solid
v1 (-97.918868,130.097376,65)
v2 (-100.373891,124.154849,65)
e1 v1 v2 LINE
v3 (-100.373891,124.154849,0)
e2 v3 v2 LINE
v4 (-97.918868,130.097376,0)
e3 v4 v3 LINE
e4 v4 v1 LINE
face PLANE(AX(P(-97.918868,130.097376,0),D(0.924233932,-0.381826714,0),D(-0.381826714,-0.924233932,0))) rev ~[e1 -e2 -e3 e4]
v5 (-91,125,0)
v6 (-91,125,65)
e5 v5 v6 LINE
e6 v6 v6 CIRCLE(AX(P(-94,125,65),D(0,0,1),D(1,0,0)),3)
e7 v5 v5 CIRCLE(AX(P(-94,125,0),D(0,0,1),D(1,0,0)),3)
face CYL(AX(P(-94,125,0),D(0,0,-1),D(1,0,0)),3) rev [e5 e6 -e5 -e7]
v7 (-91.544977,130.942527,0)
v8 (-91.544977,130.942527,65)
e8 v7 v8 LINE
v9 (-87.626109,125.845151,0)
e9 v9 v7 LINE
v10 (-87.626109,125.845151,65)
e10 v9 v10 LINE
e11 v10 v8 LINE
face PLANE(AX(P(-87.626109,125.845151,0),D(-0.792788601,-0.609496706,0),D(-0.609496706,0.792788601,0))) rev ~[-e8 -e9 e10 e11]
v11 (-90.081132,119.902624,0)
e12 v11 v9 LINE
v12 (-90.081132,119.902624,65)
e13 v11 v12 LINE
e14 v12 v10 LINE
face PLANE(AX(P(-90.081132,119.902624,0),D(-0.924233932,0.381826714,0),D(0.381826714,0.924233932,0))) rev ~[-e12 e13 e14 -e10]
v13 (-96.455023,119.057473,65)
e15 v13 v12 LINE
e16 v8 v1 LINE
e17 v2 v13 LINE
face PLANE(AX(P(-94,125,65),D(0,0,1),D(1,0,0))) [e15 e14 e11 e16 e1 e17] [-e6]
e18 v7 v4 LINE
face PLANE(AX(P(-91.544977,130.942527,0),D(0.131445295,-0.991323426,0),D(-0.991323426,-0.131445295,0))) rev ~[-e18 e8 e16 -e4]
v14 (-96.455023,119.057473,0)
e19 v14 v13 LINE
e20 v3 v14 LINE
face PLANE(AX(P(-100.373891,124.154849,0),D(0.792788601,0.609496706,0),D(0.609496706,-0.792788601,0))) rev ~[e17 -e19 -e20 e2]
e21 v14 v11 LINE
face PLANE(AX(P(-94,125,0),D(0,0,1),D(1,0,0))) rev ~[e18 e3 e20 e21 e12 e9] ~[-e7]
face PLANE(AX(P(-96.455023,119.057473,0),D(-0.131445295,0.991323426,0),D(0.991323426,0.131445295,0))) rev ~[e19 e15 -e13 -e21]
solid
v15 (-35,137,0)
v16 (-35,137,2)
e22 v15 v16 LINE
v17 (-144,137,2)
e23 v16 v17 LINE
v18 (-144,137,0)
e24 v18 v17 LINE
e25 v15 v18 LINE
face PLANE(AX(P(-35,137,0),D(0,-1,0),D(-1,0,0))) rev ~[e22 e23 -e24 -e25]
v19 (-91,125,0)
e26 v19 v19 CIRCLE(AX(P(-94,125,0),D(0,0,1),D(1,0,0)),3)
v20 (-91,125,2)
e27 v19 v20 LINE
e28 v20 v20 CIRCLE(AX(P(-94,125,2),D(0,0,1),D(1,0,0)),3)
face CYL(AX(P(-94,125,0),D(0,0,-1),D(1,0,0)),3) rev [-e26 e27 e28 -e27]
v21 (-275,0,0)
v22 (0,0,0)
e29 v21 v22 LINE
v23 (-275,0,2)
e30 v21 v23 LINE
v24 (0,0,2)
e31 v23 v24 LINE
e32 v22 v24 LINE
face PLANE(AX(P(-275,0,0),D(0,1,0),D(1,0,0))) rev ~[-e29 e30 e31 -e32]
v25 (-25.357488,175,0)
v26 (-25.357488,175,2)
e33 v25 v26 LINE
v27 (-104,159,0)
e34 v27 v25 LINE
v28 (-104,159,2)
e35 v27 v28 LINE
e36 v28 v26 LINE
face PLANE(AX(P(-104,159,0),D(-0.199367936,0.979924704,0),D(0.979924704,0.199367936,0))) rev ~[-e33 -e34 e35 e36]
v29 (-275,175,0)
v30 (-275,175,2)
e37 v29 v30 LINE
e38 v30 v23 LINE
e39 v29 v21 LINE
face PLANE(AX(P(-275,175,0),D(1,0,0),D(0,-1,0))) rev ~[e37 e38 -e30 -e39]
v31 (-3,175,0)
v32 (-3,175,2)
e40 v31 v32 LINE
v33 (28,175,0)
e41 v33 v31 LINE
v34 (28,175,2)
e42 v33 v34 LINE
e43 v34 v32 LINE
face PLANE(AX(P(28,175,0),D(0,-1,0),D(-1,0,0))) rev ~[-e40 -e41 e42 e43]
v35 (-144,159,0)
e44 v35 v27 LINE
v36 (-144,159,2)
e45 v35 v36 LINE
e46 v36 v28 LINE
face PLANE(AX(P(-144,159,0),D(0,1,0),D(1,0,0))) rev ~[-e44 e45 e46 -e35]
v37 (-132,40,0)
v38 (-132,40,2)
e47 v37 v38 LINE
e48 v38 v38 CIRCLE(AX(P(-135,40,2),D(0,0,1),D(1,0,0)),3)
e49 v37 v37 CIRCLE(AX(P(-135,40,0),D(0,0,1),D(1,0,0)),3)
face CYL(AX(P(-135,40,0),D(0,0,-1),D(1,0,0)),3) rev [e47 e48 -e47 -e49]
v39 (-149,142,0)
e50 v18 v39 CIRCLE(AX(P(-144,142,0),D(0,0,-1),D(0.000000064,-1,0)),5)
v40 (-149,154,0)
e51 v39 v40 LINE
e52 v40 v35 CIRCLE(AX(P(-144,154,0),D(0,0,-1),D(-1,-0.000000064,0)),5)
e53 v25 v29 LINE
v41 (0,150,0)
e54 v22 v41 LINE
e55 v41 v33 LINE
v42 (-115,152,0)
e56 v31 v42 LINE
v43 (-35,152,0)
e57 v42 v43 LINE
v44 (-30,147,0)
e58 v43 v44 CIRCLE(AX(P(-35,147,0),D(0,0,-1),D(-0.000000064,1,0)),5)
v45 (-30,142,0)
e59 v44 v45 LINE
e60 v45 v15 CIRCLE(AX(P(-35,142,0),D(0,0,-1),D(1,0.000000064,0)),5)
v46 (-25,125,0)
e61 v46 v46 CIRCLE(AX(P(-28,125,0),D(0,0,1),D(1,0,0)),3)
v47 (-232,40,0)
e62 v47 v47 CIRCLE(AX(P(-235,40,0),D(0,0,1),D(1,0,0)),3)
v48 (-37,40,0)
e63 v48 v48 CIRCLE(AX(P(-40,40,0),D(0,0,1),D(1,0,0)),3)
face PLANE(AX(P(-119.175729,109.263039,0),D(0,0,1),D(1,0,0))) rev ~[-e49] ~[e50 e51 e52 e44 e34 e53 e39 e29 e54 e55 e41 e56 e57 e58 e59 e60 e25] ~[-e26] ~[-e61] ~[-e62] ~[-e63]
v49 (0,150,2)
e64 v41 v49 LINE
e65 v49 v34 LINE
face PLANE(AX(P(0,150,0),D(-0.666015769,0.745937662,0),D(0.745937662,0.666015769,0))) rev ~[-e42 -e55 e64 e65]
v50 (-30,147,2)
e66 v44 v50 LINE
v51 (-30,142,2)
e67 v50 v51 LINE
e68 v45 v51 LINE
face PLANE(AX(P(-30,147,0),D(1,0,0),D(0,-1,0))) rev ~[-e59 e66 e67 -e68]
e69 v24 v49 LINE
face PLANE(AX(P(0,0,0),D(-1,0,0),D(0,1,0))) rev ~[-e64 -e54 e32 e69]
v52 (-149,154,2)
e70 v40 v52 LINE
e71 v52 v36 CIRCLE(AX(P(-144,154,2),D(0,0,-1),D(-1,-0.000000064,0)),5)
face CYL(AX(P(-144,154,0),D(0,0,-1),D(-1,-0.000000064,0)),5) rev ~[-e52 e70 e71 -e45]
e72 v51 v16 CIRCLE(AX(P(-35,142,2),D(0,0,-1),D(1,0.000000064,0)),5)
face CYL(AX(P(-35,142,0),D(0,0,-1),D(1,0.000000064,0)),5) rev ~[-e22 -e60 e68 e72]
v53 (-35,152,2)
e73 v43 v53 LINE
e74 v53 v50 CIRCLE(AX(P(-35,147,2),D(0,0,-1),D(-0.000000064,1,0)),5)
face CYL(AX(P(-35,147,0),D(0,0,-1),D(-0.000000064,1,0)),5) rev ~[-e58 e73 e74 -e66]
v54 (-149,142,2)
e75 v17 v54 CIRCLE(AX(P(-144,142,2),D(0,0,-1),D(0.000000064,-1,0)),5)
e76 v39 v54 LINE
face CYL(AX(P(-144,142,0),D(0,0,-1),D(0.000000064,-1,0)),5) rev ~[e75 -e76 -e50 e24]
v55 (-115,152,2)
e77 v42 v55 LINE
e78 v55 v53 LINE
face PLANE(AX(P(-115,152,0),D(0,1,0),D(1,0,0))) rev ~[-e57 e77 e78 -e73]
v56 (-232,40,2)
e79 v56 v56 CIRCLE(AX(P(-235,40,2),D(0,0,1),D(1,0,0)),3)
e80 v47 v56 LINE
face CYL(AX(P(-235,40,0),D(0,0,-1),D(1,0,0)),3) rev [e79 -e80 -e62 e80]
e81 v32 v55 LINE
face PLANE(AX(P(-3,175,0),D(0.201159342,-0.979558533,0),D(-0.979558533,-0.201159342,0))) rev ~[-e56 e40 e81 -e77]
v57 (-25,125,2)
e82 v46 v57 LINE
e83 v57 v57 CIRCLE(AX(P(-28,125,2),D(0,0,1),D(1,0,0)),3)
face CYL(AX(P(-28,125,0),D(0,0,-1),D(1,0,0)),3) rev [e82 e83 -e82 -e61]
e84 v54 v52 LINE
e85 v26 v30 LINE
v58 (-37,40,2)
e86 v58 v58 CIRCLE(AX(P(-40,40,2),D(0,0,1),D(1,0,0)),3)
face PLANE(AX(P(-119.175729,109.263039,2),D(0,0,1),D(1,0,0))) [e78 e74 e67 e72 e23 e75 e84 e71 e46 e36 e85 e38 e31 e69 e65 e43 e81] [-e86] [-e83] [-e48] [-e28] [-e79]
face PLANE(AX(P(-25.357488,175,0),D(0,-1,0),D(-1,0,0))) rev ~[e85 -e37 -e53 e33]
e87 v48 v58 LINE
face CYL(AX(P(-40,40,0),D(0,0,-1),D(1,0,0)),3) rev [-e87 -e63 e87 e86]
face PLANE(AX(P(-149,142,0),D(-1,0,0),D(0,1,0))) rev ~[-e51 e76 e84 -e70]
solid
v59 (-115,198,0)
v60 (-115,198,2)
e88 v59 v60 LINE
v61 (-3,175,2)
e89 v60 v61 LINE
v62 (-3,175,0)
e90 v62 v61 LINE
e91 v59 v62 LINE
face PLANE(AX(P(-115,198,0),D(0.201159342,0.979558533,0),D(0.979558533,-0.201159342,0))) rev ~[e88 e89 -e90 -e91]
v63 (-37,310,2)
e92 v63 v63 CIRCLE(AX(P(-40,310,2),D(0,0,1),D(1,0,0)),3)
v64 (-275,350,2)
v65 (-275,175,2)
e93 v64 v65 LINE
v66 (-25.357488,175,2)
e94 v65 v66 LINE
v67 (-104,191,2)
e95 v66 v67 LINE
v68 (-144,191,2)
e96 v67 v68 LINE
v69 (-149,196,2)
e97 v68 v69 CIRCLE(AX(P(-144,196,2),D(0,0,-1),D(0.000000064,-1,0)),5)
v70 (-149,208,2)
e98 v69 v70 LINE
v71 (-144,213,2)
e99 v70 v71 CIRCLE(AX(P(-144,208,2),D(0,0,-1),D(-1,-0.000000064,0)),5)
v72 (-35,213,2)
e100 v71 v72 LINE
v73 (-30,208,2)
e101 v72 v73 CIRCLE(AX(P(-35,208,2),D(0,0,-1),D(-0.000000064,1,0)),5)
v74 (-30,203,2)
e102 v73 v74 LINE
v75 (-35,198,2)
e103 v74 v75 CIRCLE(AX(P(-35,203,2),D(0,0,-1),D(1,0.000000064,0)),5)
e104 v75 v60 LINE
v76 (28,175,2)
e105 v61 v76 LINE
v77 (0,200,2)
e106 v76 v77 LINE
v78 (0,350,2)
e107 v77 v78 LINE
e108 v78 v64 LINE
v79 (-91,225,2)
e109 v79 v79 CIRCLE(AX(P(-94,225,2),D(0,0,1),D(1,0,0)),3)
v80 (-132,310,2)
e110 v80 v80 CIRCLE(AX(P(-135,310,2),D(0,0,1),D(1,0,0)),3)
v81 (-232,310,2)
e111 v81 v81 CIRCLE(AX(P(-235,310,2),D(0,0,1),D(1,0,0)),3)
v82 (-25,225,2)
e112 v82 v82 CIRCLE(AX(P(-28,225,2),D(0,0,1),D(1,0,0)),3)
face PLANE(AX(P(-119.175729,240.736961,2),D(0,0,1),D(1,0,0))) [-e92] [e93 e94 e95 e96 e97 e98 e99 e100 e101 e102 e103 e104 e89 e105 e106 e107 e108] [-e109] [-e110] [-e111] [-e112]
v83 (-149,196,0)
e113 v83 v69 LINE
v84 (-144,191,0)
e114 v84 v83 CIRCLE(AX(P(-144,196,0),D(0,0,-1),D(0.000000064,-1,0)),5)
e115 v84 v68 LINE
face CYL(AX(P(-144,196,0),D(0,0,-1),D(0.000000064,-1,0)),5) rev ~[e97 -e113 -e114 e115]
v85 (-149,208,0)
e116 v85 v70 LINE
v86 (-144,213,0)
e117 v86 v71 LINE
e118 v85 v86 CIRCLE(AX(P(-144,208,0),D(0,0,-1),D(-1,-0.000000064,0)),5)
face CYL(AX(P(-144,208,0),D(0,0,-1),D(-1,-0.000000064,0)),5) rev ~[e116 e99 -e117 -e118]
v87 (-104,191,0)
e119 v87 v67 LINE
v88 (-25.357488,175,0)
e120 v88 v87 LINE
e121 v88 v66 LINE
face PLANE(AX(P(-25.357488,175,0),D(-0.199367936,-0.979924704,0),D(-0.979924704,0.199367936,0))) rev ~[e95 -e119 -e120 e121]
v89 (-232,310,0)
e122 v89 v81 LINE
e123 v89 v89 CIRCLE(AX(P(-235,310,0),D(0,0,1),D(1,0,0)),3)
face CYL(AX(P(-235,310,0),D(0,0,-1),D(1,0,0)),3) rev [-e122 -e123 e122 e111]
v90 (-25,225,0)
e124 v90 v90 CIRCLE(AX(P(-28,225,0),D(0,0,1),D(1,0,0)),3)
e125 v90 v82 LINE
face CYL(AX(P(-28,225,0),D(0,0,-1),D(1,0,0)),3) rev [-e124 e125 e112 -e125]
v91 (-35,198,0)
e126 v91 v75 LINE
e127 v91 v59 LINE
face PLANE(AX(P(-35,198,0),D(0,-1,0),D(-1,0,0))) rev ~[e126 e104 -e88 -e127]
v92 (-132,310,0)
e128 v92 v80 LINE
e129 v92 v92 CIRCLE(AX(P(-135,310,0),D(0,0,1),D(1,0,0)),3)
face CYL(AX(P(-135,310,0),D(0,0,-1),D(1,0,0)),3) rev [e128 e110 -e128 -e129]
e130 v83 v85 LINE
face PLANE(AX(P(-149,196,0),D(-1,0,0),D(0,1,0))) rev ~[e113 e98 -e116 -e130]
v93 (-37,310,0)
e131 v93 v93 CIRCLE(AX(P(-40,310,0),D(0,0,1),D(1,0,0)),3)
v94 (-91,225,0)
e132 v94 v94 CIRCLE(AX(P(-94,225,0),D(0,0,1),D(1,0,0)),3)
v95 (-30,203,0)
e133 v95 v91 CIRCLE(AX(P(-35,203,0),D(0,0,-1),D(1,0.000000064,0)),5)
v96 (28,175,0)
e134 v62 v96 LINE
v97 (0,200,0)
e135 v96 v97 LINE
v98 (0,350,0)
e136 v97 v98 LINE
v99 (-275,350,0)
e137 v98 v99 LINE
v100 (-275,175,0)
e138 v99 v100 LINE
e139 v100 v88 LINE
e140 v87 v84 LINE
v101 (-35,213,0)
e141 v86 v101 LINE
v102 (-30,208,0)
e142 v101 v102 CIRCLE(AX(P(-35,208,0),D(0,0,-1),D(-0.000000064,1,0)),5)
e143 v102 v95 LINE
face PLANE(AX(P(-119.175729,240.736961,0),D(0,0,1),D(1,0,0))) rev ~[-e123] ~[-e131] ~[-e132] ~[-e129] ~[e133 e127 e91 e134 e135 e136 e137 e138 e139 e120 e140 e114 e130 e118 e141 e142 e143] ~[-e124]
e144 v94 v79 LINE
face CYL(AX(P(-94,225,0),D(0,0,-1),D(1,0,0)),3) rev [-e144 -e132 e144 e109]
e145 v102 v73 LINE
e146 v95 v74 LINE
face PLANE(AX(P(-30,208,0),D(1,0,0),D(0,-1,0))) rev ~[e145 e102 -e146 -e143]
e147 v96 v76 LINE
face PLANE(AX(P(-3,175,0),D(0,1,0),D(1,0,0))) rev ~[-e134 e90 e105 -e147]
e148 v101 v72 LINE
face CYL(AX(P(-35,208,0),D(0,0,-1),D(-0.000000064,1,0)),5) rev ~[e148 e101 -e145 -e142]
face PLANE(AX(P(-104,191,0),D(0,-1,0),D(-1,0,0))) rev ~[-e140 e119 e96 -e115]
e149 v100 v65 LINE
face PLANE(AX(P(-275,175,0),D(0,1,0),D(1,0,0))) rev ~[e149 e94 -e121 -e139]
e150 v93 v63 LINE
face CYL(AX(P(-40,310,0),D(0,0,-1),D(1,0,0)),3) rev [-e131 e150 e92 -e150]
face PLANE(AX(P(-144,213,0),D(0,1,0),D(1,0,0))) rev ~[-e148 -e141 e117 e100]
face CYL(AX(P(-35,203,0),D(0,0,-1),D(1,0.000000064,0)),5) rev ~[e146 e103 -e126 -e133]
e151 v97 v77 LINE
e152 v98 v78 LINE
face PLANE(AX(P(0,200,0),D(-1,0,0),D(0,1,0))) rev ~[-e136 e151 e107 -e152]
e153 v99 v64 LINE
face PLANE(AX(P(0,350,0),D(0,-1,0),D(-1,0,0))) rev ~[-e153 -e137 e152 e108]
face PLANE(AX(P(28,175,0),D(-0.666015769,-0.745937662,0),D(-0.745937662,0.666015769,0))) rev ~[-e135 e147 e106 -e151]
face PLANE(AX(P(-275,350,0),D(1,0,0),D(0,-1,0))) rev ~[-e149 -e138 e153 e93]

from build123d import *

# Parameters (mm, degrees)
F0_R     = 3
F1_DEPTH = 2
F2_DEPTH = 2
F3_DEPTH = 65


with BuildPart() as f1:
    # F0 (on Top) → F1 (new body)
    with BuildSketch(Plane.XY):
        with BuildLine():
            Line((-275, 0), (0, 0))
            Line((0, 0), (0, 150))
            Line((0, 150), (0, 173))
            Line((0, 173), (0, 175))
            Line((0, 175), (-3, 175))
            Line((-3, 175), (-115, 152))
            Line((-115, 152), (-35, 152))
            ThreePointArc((-35, 152), (-31.464466, 150.535534), (-30, 147))
            Line((-30, 147), (-30, 142))
            ThreePointArc((-30, 142), (-31.464466, 138.464466), (-35, 137))
            Line((-35, 137), (-144, 137))
            ThreePointArc((-144, 137), (-147.535534, 138.464466), (-149, 142))
            Line((-149, 142), (-149, 154))
            ThreePointArc((-149, 154), (-147.535534, 157.535534), (-144, 159))
            Line((-144, 159), (-104, 159))
            Line((-104, 159), (-25.357488, 175))
            Line((-25.357488, 175), (-275, 175))
            Line((-275, 175), (-275, 0))
        make_face()
        with Locations((-235, 40)):
            Circle(F0_R, mode=Mode.SUBTRACT)
        with Locations((-135, 40)):
            Circle(F0_R, mode=Mode.SUBTRACT)
        with Locations((-40, 40)):
            Circle(F0_R, mode=Mode.SUBTRACT)
        Polygon((-97.918868, 130.097376), (-91.544977, 130.942527), (-87.626109, 125.845151), (-90.081132, 119.902624), (-96.455023, 119.057473), (-100.373891, 124.154849), align=None, mode=Mode.SUBTRACT)
        with Locations((-28, 125)):
            Circle(F0_R, mode=Mode.SUBTRACT)
        Polygon((0, 173), (0, 150), (28, 175), (0, 175), align=None)
        Polygon((-87.626109, 125.845151), (-91.544977, 130.942527), (-97.918868, 130.097376), (-100.373891, 124.154849), (-96.455023, 119.057473), (-90.081132, 119.902624), align=None)
        with Locations((-94, 125)):
            Circle(F0_R, mode=Mode.SUBTRACT)
    extrude(amount=F1_DEPTH)


with BuildPart() as f2:
    # F0 (on Top) → F2 (new body)
    with BuildSketch(Plane.XY):
        with BuildLine():
            Line((-275, 350), (-275, 175))
            Line((-275, 175), (-25.357488, 175))
            Line((-25.357488, 175), (-104, 191))
            Line((-104, 191), (-144, 191))
            ThreePointArc((-144, 191), (-147.535534, 192.464466), (-149, 196))
            Line((-149, 196), (-149, 208))
            ThreePointArc((-149, 208), (-147.535534, 211.535534), (-144, 213))
            Line((-144, 213), (-35, 213))
            ThreePointArc((-35, 213), (-31.464466, 211.535534), (-30, 208))
            Line((-30, 208), (-30, 203))
            ThreePointArc((-30, 203), (-31.464466, 199.464466), (-35, 198))
            Line((-35, 198), (-115, 198))
            Line((-115, 198), (-3, 175))
            Line((-3, 175), (0, 175))
            Line((0, 175), (0, 177))
            Line((0, 177), (0, 200))
            Line((0, 200), (0, 350))
            Line((0, 350), (-275, 350))
        make_face()
        with Locations((-235, 310)):
            Circle(F0_R, mode=Mode.SUBTRACT)
        with Locations((-135, 310)):
            Circle(F0_R, mode=Mode.SUBTRACT)
        with Locations((-94, 225)):
            Circle(F0_R, mode=Mode.SUBTRACT)
        with Locations((-28, 225)):
            Circle(F0_R, mode=Mode.SUBTRACT)
        with Locations((-40, 310)):
            Circle(F0_R, mode=Mode.SUBTRACT)
        Polygon((0, 175), (28, 175), (0, 200), (0, 177), align=None)
    extrude(amount=F2_DEPTH)


with BuildPart() as f3:
    # F0 (on Top) → F3 (new body)
    with BuildSketch(Plane.XY):
        Polygon((-87.626109, 125.845151), (-91.544977, 130.942527), (-97.918868, 130.097376), (-100.373891, 124.154849), (-96.455023, 119.057473), (-90.081132, 119.902624), align=None)
        with Locations((-94, 125)):
            Circle(F0_R, mode=Mode.SUBTRACT)
    extrude(amount=F3_DEPTH)


solid = Compound([f1.part, f2.part, f3.part])
